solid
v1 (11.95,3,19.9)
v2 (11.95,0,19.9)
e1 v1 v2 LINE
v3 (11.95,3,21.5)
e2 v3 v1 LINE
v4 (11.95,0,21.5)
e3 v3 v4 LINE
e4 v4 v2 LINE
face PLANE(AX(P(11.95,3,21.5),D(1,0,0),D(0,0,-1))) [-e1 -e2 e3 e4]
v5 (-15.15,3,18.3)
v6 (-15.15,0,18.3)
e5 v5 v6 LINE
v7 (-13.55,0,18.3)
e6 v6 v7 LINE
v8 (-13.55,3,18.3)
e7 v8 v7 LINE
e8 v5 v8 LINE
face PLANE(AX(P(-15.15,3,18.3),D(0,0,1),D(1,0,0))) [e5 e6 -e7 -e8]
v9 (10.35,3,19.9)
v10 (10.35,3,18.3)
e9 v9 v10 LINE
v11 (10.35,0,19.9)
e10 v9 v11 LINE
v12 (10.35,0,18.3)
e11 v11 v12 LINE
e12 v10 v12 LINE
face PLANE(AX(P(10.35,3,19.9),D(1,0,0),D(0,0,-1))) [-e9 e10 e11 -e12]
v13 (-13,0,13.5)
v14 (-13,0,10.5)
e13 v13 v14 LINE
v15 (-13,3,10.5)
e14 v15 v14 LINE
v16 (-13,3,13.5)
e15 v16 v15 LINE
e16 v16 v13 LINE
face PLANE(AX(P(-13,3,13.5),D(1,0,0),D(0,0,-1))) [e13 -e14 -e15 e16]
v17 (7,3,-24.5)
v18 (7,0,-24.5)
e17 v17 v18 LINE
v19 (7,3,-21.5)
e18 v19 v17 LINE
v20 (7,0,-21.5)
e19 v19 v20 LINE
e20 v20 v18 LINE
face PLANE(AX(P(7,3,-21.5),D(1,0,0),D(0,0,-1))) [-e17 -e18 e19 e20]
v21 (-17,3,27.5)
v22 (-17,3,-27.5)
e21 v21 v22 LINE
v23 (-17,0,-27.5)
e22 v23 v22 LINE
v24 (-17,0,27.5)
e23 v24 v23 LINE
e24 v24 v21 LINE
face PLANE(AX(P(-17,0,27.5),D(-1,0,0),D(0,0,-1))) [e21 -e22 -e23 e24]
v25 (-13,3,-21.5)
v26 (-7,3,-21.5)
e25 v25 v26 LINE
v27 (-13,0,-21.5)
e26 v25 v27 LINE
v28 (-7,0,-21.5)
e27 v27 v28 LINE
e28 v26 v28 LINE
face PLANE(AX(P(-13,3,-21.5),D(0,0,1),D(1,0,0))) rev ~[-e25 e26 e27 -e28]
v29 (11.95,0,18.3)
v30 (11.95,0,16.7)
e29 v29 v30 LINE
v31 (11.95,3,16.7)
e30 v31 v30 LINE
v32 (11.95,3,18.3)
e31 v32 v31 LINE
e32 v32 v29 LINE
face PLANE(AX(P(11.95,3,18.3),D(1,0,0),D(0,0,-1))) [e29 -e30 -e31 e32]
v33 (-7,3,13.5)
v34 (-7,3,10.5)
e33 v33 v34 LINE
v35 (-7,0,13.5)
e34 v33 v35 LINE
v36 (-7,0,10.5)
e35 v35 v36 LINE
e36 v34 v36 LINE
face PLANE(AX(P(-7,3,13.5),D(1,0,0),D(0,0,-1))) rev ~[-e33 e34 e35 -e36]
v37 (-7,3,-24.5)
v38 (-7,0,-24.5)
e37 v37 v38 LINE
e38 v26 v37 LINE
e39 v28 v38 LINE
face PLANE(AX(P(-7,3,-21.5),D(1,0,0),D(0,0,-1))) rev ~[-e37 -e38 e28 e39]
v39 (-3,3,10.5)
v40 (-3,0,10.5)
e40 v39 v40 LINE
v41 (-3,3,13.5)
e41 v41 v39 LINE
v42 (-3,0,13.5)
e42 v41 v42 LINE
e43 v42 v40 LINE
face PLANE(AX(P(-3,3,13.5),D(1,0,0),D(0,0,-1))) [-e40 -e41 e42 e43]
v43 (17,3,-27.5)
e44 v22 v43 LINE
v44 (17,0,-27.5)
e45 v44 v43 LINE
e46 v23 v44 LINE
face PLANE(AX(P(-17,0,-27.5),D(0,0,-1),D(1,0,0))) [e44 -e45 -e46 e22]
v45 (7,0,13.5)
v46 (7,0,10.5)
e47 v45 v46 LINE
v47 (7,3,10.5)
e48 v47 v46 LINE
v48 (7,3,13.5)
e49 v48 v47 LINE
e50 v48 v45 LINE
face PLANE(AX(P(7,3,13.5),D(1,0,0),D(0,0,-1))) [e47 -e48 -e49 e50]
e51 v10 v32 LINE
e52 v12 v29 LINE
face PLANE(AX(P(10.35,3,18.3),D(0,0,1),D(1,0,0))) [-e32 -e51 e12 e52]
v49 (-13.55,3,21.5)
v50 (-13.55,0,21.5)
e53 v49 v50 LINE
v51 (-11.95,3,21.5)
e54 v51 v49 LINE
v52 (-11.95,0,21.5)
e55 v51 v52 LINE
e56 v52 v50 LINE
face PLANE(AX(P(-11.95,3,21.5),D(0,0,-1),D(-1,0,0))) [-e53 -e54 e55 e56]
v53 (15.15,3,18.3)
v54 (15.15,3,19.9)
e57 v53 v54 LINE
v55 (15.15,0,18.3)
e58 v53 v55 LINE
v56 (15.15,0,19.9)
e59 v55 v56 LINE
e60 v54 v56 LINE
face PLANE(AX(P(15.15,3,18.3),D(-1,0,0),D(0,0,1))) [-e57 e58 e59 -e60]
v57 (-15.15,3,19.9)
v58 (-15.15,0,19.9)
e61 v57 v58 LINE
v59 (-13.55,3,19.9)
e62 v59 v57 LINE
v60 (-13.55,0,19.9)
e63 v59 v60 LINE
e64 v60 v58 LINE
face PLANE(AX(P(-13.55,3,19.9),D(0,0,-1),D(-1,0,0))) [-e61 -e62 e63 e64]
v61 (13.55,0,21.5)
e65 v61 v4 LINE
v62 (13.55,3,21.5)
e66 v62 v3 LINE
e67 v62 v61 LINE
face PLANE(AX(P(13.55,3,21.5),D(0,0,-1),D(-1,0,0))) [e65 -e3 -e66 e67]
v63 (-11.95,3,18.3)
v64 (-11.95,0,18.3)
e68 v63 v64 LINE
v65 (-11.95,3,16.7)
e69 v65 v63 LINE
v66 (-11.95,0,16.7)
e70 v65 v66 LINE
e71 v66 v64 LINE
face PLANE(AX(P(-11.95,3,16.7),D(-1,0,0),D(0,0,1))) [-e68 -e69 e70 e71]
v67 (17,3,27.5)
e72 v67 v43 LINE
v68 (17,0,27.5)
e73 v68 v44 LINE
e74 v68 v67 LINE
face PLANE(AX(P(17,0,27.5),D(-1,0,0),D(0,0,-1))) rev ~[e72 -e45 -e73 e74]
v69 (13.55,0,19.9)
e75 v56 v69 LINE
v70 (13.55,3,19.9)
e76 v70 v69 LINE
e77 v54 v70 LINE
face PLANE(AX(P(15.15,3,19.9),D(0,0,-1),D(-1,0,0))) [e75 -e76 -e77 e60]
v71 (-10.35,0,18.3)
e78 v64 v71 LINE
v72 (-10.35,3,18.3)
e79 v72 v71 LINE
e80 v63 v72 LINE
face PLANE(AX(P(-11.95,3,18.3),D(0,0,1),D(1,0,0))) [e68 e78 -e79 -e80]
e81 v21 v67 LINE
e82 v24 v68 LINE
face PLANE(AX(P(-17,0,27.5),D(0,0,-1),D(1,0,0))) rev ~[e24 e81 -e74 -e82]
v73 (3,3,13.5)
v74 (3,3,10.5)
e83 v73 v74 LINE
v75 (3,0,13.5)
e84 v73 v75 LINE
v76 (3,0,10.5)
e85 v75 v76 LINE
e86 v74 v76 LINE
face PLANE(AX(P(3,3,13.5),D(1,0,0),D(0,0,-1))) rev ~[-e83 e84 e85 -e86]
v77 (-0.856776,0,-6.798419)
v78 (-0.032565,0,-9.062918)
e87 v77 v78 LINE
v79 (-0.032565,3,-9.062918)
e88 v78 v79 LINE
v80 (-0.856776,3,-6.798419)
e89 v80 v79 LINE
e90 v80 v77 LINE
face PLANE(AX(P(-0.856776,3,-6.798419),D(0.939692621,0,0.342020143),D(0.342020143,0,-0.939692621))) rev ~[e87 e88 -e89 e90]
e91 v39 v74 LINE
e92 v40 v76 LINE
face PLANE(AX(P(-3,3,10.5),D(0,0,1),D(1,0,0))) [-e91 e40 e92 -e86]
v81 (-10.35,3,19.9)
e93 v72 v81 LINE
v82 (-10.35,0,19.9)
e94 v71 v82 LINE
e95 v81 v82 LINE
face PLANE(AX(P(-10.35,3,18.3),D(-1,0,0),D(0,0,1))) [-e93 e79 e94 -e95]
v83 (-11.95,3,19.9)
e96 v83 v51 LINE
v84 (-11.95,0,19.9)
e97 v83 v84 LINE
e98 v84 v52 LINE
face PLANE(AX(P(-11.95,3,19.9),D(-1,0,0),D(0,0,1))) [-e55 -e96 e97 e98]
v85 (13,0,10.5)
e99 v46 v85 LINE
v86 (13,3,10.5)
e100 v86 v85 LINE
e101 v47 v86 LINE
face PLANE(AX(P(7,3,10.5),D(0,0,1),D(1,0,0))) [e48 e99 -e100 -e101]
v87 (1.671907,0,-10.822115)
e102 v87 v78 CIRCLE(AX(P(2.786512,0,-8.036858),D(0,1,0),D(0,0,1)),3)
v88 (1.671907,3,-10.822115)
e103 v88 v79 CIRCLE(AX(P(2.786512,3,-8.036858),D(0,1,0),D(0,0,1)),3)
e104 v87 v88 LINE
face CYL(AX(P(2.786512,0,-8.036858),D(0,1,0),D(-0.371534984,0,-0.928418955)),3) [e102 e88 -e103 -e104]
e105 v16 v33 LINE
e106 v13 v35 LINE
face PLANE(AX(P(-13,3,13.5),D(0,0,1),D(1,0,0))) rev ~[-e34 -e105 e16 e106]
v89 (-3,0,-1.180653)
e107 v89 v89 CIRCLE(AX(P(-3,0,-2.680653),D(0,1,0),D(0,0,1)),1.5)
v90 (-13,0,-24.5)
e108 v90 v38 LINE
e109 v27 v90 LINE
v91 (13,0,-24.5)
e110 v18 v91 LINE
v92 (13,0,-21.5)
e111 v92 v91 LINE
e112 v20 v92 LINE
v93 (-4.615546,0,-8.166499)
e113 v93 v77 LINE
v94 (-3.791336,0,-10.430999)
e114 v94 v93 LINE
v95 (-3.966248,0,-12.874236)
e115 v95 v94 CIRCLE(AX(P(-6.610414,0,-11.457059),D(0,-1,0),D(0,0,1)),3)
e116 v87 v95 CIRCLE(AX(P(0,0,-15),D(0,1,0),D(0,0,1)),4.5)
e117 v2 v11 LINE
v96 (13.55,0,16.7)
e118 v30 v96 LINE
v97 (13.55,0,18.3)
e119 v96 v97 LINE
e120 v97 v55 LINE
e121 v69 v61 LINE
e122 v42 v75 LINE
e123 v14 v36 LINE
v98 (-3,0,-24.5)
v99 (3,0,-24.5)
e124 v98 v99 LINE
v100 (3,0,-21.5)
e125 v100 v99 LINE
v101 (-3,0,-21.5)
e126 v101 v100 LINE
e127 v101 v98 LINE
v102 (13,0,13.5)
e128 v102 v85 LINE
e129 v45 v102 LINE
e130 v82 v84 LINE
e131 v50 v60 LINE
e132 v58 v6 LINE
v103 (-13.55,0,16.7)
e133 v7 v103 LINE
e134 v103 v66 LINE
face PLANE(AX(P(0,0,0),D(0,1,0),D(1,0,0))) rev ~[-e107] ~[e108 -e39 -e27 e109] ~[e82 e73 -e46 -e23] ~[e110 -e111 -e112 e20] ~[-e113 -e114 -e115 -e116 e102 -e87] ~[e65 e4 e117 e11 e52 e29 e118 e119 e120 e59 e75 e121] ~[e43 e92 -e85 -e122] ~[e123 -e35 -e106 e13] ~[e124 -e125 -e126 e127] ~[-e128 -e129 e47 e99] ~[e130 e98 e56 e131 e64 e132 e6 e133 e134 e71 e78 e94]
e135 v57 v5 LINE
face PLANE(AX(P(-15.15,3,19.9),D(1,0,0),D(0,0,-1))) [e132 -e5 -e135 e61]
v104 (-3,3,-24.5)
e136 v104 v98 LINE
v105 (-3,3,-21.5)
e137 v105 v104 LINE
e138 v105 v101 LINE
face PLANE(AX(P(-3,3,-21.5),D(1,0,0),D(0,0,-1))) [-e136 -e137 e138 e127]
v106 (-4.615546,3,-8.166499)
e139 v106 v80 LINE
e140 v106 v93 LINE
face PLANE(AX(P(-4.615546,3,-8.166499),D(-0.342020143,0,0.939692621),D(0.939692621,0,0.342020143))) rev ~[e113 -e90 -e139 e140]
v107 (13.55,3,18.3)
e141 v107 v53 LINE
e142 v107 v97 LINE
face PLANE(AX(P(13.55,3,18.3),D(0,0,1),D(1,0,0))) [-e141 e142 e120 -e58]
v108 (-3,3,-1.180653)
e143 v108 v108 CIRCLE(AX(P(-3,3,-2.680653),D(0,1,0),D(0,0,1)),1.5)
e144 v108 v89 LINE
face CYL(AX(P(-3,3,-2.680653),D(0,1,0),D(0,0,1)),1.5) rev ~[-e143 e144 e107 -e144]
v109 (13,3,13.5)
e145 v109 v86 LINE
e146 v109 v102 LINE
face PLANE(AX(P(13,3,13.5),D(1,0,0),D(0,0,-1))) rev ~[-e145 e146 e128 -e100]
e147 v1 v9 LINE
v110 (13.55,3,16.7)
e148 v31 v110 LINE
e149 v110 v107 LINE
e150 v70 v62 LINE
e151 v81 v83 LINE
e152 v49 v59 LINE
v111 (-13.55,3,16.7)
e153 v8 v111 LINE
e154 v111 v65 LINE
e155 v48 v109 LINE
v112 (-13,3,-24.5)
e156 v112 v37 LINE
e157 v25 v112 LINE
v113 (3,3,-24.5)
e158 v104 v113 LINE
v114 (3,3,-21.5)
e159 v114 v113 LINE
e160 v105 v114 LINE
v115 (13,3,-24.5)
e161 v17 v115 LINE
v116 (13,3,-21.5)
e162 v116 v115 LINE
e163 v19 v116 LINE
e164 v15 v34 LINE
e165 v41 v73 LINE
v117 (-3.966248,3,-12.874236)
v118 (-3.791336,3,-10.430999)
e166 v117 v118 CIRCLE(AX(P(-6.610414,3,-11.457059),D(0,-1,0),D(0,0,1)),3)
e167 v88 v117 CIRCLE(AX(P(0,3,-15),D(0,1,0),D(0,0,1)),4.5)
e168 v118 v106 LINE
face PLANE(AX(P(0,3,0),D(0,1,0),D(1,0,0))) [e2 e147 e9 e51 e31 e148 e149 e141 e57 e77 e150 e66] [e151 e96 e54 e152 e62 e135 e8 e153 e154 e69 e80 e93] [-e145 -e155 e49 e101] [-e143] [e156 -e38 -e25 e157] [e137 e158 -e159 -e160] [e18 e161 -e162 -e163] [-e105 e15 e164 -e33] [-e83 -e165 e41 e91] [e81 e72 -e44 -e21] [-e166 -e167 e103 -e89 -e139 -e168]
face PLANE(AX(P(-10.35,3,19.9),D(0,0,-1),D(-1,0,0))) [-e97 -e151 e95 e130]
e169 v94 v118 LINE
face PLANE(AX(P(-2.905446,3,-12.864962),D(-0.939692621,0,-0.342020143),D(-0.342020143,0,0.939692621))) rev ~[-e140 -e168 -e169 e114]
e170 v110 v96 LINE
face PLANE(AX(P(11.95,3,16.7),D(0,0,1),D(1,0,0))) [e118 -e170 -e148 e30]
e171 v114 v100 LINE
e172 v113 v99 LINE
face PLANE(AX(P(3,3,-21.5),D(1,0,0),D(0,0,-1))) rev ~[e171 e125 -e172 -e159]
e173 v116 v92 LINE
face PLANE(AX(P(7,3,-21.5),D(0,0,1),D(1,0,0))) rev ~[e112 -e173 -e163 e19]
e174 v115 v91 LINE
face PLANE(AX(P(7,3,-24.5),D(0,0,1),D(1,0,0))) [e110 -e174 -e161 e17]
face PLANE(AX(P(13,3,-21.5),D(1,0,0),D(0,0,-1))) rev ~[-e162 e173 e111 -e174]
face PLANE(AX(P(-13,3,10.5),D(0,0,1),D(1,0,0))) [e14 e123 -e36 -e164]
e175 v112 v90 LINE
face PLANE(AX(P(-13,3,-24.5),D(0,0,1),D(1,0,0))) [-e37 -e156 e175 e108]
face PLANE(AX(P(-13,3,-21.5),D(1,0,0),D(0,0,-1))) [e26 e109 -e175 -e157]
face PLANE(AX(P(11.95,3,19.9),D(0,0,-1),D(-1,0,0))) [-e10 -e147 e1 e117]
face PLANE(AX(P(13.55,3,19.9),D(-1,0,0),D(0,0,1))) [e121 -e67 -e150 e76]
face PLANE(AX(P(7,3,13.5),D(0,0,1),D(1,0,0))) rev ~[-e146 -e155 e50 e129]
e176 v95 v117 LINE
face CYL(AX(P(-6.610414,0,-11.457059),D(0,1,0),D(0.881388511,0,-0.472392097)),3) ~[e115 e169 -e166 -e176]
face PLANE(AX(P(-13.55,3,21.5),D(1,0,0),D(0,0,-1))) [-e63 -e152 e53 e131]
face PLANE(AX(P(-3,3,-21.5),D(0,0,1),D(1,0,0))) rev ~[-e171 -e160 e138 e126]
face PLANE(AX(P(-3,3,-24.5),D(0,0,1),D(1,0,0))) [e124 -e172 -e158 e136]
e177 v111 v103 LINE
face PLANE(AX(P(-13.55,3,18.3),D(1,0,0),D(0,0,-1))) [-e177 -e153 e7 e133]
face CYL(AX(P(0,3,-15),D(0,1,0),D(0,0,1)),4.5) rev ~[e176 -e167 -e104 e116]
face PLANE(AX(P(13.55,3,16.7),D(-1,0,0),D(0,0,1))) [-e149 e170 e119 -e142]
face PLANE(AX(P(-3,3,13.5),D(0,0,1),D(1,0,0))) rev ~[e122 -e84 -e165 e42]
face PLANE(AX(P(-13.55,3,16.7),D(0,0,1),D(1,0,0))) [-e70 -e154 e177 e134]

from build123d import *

# Parameters (mm, degrees)
SKETCH1_W            = 34
SKETCH1_H            = 55
BOSS_EXTRUDE1_DEPTH  = 3
SKETCH2_R            = 1.5
CUT_EXTRUDE1_DEPTH   = 3
CUT_EXTRUDE4_DEPTH   = 3
LPATTERN1_COUNT      = 2
LPATTERN1_PITCH      = 25.5
SKETCH5_W            = 6
SKETCH5_H            = 3
CUT_EXTRUDE5_DEPTH   = 3
LPATTERN2_COUNT      = 3
LPATTERN2_PITCH      = 10
LPATTERN2_COUNT_DIR2 = 2
LPATTERN2_PITCH_DIR2 = 35
SKETCH6_R            = 4.5
CUT_EXTRUDE6_DEPTH   = 3
CUT_EXTRUDE7_DEPTH   = 3
FILLET9_R            = 3
FILLET10_R           = 3


with BuildPart() as part:
    # Sketch1 → Boss-Extrude1 (new body)
    with BuildSketch(Plane(origin=(0, 0, 0), x_dir=(1, 0, 0), z_dir=(0, 1, 0))):
        Rectangle(SKETCH1_W, SKETCH1_H)
    extrude(amount=BOSS_EXTRUDE1_DEPTH)

    # Sketch2 → Cut-Extrude1 (cut)
    with BuildSketch(Plane(origin=(0, 3, 0), x_dir=(1, 0, 0), z_dir=(0, 1, 0))):
        with Locations(Location((-3, 2.680652708, 0), (0, 0, 270))):
            Circle(SKETCH2_R)
    extrude(amount=-CUT_EXTRUDE1_DEPTH, mode=Mode.SUBTRACT)

    # Sketch4 → Cut-Extrude4 (cut)
    with BuildSketch(Plane(origin=(0, 3, 0), x_dir=(1, 0, 0), z_dir=(0, 1, 0))):
        Polygon((-13.55, -16.7), (-11.95, -16.7), (-11.95, -18.3), (-10.35, -18.3), (-10.35, -19.9), (-11.95, -19.9), (-11.95, -21.5), (-13.55, -21.5), (-13.55, -19.9), (-15.15, -19.9), (-15.15, -18.3), (-13.55, -18.3), align=None)
    cut_extrude4 = extrude(amount=-CUT_EXTRUDE4_DEPTH, mode=Mode.SUBTRACT)

    # LPattern1: Cut-Extrude4 ×2
    with Locations(*[(i * LPATTERN1_PITCH, 0, 0) for i in range(1, LPATTERN1_COUNT)]):
        add(cut_extrude4, mode=Mode.SUBTRACT)

    # Sketch5 → Cut-Extrude5 (cut)
    with BuildSketch(Plane(origin=(0, 3, 0), x_dir=(1, 0, 0), z_dir=(0, 1, 0))):
        with Locations((-10, 23)):
            Rectangle(SKETCH5_W, SKETCH5_H)
    cut_extrude5 = extrude(amount=-CUT_EXTRUDE5_DEPTH, mode=Mode.SUBTRACT)

    # LPattern2: Cut-Extrude5 3 × 2
    with Locations(*[(i * LPATTERN2_PITCH, 0, j * LPATTERN2_PITCH_DIR2) for i in range(LPATTERN2_COUNT) for j in range(LPATTERN2_COUNT_DIR2) if (i, j) != (0, 0)]):
        add(cut_extrude5, mode=Mode.SUBTRACT)

    # Sketch6 → Cut-Extrude6 (cut)
    with BuildSketch(Plane(origin=(0, 3, 0), x_dir=(1, 0, 0), z_dir=(0, 1, 0))):
        with Locations(Location((0, 15, 0), (0, 0, 270))):
            Circle(SKETCH6_R)
    extrude(amount=-CUT_EXTRUDE6_DEPTH, mode=Mode.SUBTRACT)

    # Sketch8 → Cut-Extrude7 (cut)
    with BuildSketch(Plane(origin=(0, 3, 0), x_dir=(1, 0, 0), z_dir=(0, 1, 0))):
        Polygon((0.853324812, 11.496881851), (-2.905445672, 12.864962424), (-4.615546388, 8.16649932), (-0.856775905, 6.798418747), align=None)
    extrude(amount=-CUT_EXTRUDE7_DEPTH, mode=Mode.SUBTRACT)

    # Fillet9
    fillet9_edges = [part.edges().sort_by_distance(p)[0] for p in [
        (-3.258112517, 1.5, -11.89601823),
    ]]
    fillet(fillet9_edges, radius=FILLET9_R)

    # Fillet10
    fillet10_edges = [part.edges().sort_by_distance(p)[0] for p in [
        (0.500657966, 1.5, -10.527937657),
    ]]
    fillet(fillet10_edges, radius=FILLET10_R)


solid = part.part
